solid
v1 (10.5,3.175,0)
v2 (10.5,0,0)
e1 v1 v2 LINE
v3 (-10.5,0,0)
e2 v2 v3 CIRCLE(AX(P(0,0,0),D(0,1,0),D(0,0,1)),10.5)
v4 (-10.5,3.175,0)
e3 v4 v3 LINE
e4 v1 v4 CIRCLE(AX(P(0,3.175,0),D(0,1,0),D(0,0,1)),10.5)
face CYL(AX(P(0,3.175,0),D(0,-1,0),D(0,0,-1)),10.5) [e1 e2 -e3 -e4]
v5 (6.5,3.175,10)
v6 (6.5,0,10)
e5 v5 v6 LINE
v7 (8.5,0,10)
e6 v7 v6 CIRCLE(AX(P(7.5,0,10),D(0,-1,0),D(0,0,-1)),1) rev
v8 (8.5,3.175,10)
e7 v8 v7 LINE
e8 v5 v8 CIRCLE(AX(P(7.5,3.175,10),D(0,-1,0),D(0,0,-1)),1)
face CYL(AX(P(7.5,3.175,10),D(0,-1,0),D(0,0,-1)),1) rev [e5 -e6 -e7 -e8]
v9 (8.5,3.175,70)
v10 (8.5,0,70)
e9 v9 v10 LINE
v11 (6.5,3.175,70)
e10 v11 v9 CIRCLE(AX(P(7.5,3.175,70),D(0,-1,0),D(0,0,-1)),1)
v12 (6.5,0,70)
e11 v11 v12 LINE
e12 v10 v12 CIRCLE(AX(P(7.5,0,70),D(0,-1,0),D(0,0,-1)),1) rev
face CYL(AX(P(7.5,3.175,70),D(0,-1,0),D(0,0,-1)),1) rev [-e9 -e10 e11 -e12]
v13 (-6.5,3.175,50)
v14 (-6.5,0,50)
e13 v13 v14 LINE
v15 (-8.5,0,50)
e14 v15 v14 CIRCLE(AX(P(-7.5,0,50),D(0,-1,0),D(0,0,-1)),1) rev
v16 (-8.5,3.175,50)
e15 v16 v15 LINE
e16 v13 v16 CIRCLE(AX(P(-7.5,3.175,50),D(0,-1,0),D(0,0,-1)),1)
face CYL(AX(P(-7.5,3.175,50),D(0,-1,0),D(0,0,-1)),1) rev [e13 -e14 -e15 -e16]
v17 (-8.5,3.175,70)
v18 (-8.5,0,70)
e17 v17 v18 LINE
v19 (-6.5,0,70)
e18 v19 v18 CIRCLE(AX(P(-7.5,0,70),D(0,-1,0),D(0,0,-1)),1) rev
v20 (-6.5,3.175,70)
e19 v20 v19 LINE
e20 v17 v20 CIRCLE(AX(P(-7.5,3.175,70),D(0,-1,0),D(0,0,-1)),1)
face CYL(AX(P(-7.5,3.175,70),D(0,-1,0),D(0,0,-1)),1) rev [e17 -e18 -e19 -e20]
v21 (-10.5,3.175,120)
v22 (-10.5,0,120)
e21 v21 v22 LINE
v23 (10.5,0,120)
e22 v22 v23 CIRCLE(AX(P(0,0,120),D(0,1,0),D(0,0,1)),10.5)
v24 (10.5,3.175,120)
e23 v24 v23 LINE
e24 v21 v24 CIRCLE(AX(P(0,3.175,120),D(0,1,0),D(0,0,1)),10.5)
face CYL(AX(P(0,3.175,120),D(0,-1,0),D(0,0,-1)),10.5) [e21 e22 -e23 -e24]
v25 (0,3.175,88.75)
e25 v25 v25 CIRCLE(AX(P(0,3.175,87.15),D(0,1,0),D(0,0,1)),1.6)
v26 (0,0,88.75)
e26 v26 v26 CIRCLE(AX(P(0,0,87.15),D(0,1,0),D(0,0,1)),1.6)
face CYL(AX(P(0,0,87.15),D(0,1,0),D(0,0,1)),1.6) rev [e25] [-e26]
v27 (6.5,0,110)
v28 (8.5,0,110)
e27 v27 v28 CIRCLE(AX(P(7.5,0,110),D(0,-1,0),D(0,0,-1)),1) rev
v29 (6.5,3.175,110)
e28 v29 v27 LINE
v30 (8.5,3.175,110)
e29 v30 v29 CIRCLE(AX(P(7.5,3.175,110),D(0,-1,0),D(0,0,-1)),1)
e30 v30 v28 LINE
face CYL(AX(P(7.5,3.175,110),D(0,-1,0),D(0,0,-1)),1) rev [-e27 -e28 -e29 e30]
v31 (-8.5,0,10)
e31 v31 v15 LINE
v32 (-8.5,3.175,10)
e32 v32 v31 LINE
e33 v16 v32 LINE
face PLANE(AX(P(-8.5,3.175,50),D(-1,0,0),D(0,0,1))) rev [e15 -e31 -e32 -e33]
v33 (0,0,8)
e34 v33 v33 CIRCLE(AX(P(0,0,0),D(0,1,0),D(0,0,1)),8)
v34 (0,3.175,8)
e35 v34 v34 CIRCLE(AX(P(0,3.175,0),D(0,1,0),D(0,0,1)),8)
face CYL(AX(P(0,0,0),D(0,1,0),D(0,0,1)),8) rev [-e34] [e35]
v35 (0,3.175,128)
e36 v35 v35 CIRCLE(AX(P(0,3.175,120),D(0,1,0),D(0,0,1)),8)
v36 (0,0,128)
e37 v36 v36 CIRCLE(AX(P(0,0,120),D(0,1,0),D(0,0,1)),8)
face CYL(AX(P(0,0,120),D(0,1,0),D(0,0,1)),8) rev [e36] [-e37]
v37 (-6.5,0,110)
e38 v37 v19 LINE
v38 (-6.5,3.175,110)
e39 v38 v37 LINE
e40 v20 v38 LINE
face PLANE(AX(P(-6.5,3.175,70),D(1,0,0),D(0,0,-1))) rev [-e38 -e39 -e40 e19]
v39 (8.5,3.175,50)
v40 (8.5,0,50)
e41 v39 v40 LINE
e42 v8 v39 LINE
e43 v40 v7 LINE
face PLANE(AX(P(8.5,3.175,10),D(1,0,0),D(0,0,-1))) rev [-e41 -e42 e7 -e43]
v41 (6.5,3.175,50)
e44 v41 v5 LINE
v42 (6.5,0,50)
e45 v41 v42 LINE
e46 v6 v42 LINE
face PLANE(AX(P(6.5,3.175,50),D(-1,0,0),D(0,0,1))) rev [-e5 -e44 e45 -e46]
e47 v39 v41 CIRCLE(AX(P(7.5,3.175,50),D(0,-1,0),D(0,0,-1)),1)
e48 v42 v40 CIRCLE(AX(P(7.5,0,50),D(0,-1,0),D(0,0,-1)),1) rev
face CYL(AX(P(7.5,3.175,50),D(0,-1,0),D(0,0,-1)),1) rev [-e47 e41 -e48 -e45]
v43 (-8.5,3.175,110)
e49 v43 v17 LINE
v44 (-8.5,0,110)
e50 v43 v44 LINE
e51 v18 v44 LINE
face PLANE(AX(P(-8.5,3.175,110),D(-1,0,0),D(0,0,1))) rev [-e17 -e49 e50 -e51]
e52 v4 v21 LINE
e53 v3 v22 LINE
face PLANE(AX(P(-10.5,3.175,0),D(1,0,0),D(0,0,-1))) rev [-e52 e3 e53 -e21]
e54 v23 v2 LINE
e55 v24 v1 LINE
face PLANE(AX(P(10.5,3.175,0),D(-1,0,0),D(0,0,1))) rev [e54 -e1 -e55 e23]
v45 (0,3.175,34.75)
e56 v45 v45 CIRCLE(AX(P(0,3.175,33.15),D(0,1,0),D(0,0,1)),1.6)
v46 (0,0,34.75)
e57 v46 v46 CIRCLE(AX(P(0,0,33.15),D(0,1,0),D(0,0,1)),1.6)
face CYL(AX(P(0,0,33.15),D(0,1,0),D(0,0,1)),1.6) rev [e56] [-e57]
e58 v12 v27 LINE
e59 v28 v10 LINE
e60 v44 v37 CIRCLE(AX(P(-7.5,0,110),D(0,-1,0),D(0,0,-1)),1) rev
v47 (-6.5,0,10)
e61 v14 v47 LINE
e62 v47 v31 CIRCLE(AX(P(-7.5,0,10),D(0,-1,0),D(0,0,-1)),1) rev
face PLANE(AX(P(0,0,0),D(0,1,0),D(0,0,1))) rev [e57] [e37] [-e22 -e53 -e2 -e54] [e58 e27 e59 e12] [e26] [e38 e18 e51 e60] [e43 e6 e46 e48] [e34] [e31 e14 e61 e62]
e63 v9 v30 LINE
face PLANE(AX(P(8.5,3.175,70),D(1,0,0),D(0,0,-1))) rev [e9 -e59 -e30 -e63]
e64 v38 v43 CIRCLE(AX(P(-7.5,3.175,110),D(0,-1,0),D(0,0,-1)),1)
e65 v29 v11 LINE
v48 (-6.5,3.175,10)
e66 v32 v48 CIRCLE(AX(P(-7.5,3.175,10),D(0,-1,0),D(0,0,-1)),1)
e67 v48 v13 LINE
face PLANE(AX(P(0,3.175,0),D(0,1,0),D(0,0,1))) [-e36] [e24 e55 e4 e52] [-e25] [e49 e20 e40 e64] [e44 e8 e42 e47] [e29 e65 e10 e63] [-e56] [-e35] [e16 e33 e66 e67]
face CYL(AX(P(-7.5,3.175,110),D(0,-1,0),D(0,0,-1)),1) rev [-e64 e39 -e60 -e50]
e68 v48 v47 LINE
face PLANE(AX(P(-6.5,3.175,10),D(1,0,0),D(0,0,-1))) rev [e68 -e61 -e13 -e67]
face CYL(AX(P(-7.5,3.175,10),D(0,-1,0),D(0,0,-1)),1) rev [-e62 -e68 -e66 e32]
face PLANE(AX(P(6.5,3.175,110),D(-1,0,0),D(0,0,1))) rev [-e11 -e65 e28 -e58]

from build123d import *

# Parameters (mm, degrees)
BOSS_EXTRUDE1_DEPTH     = 3.175
CUT_EXTRUDE2_DEPTH      = 131.960225355
CUT_EXTRUDE2_DEPTH_BACK = 131.960225355
CUT_EXTRUDE3_DEPTH      = 131.960225355
CUT_EXTRUDE3_DEPTH_BACK = 131.960225355
SKETCH4_R               = 1.6
CUT_EXTRUDE4_DEPTH      = 131.960225355
CUT_EXTRUDE4_DEPTH_BACK = 131.960225355
SKETCH5_R               = 8


with BuildPart() as part:
    # Sketch1 → Boss-Extrude1 (new body)
    with BuildSketch(Plane(origin=(0, 0, 0), x_dir=(1, 0, 0), z_dir=(0, 1, 0))):
        with BuildLine():
            Line((-10.5, 0), (-10.5, -120))
            ThreePointArc((-10.5, -120), (0, -130.5), (10.5, -120))
            Line((10.5, -120), (10.5, 0))
            ThreePointArc((10.5, 0), (0, 10.5), (-10.5, 0))
        make_face()
    extrude(amount=BOSS_EXTRUDE1_DEPTH)

    # Sketch3 → Cut-Extrude2 (cut, two sides: drawn at the far end of the back side and taken through both)
    with BuildSketch(Plane.XZ.offset(-CUT_EXTRUDE2_DEPTH_BACK)):
        with BuildLine():
            Line((-8.5, 110), (-8.5, 70))
            ThreePointArc((-8.5, 70), (-7.5, 69), (-6.5, 70))
            Line((-6.5, 70), (-6.5, 110))
            ThreePointArc((-6.5, 110), (-7.5, 111), (-8.5, 110))
        make_face()
        with BuildLine():
            Line((6.5, 110), (6.5, 70))
            ThreePointArc((6.5, 70), (7.5, 69), (8.5, 70))
            Line((8.5, 70), (8.5, 110))
            ThreePointArc((8.5, 110), (7.5, 111), (6.5, 110))
        make_face()
        with BuildLine():
            Line((8.5, 10), (8.5, 50))
            ThreePointArc((8.5, 50), (7.5, 51), (6.5, 50))
            Line((6.5, 50), (6.5, 10))
            ThreePointArc((6.5, 10), (7.5, 9), (8.5, 10))
        make_face()
        with BuildLine():
            Line((-8.5, 50), (-8.5, 10))
            ThreePointArc((-8.5, 10), (-7.5, 9), (-6.5, 10))
            Line((-6.5, 10), (-6.5, 50))
            ThreePointArc((-6.5, 50), (-7.5, 51), (-8.5, 50))
        make_face()
    extrude(amount=CUT_EXTRUDE2_DEPTH + CUT_EXTRUDE2_DEPTH_BACK, mode=Mode.SUBTRACT)

    # Sketch4 → Cut-Extrude3 (cut, two sides: drawn at the far end of the back side and taken through both)
    with BuildSketch(Plane(origin=(0, 3.175, 0), x_dir=(1, 0, 0), z_dir=(0, 1, 0)).offset(-CUT_EXTRUDE3_DEPTH_BACK)):
        with Locations(Location((0, -33.15, 0), (0, 0, 270))):
            Circle(SKETCH4_R)
        with Locations(Location((0, -87.15, 0), (0, 0, 270))):
            Circle(SKETCH4_R)
    extrude(amount=CUT_EXTRUDE3_DEPTH + CUT_EXTRUDE3_DEPTH_BACK, mode=Mode.SUBTRACT)

    # Sketch5 → Cut-Extrude4 (cut, two sides: drawn at the far end of the back side and taken through both)
    with BuildSketch(Plane(origin=(0, 3.175, 0), x_dir=(1, 0, 0), z_dir=(0, 1, 0)).offset(-CUT_EXTRUDE4_DEPTH_BACK)):
        with Locations(Location((0, 0, 0), (0, 0, 270))):
            Circle(SKETCH5_R)
        with Locations(Location((0, -120, 0), (0, 0, 270))):
            Circle(SKETCH5_R)
    extrude(amount=CUT_EXTRUDE4_DEPTH + CUT_EXTRUDE4_DEPTH_BACK, mode=Mode.SUBTRACT)


solid = part.part
